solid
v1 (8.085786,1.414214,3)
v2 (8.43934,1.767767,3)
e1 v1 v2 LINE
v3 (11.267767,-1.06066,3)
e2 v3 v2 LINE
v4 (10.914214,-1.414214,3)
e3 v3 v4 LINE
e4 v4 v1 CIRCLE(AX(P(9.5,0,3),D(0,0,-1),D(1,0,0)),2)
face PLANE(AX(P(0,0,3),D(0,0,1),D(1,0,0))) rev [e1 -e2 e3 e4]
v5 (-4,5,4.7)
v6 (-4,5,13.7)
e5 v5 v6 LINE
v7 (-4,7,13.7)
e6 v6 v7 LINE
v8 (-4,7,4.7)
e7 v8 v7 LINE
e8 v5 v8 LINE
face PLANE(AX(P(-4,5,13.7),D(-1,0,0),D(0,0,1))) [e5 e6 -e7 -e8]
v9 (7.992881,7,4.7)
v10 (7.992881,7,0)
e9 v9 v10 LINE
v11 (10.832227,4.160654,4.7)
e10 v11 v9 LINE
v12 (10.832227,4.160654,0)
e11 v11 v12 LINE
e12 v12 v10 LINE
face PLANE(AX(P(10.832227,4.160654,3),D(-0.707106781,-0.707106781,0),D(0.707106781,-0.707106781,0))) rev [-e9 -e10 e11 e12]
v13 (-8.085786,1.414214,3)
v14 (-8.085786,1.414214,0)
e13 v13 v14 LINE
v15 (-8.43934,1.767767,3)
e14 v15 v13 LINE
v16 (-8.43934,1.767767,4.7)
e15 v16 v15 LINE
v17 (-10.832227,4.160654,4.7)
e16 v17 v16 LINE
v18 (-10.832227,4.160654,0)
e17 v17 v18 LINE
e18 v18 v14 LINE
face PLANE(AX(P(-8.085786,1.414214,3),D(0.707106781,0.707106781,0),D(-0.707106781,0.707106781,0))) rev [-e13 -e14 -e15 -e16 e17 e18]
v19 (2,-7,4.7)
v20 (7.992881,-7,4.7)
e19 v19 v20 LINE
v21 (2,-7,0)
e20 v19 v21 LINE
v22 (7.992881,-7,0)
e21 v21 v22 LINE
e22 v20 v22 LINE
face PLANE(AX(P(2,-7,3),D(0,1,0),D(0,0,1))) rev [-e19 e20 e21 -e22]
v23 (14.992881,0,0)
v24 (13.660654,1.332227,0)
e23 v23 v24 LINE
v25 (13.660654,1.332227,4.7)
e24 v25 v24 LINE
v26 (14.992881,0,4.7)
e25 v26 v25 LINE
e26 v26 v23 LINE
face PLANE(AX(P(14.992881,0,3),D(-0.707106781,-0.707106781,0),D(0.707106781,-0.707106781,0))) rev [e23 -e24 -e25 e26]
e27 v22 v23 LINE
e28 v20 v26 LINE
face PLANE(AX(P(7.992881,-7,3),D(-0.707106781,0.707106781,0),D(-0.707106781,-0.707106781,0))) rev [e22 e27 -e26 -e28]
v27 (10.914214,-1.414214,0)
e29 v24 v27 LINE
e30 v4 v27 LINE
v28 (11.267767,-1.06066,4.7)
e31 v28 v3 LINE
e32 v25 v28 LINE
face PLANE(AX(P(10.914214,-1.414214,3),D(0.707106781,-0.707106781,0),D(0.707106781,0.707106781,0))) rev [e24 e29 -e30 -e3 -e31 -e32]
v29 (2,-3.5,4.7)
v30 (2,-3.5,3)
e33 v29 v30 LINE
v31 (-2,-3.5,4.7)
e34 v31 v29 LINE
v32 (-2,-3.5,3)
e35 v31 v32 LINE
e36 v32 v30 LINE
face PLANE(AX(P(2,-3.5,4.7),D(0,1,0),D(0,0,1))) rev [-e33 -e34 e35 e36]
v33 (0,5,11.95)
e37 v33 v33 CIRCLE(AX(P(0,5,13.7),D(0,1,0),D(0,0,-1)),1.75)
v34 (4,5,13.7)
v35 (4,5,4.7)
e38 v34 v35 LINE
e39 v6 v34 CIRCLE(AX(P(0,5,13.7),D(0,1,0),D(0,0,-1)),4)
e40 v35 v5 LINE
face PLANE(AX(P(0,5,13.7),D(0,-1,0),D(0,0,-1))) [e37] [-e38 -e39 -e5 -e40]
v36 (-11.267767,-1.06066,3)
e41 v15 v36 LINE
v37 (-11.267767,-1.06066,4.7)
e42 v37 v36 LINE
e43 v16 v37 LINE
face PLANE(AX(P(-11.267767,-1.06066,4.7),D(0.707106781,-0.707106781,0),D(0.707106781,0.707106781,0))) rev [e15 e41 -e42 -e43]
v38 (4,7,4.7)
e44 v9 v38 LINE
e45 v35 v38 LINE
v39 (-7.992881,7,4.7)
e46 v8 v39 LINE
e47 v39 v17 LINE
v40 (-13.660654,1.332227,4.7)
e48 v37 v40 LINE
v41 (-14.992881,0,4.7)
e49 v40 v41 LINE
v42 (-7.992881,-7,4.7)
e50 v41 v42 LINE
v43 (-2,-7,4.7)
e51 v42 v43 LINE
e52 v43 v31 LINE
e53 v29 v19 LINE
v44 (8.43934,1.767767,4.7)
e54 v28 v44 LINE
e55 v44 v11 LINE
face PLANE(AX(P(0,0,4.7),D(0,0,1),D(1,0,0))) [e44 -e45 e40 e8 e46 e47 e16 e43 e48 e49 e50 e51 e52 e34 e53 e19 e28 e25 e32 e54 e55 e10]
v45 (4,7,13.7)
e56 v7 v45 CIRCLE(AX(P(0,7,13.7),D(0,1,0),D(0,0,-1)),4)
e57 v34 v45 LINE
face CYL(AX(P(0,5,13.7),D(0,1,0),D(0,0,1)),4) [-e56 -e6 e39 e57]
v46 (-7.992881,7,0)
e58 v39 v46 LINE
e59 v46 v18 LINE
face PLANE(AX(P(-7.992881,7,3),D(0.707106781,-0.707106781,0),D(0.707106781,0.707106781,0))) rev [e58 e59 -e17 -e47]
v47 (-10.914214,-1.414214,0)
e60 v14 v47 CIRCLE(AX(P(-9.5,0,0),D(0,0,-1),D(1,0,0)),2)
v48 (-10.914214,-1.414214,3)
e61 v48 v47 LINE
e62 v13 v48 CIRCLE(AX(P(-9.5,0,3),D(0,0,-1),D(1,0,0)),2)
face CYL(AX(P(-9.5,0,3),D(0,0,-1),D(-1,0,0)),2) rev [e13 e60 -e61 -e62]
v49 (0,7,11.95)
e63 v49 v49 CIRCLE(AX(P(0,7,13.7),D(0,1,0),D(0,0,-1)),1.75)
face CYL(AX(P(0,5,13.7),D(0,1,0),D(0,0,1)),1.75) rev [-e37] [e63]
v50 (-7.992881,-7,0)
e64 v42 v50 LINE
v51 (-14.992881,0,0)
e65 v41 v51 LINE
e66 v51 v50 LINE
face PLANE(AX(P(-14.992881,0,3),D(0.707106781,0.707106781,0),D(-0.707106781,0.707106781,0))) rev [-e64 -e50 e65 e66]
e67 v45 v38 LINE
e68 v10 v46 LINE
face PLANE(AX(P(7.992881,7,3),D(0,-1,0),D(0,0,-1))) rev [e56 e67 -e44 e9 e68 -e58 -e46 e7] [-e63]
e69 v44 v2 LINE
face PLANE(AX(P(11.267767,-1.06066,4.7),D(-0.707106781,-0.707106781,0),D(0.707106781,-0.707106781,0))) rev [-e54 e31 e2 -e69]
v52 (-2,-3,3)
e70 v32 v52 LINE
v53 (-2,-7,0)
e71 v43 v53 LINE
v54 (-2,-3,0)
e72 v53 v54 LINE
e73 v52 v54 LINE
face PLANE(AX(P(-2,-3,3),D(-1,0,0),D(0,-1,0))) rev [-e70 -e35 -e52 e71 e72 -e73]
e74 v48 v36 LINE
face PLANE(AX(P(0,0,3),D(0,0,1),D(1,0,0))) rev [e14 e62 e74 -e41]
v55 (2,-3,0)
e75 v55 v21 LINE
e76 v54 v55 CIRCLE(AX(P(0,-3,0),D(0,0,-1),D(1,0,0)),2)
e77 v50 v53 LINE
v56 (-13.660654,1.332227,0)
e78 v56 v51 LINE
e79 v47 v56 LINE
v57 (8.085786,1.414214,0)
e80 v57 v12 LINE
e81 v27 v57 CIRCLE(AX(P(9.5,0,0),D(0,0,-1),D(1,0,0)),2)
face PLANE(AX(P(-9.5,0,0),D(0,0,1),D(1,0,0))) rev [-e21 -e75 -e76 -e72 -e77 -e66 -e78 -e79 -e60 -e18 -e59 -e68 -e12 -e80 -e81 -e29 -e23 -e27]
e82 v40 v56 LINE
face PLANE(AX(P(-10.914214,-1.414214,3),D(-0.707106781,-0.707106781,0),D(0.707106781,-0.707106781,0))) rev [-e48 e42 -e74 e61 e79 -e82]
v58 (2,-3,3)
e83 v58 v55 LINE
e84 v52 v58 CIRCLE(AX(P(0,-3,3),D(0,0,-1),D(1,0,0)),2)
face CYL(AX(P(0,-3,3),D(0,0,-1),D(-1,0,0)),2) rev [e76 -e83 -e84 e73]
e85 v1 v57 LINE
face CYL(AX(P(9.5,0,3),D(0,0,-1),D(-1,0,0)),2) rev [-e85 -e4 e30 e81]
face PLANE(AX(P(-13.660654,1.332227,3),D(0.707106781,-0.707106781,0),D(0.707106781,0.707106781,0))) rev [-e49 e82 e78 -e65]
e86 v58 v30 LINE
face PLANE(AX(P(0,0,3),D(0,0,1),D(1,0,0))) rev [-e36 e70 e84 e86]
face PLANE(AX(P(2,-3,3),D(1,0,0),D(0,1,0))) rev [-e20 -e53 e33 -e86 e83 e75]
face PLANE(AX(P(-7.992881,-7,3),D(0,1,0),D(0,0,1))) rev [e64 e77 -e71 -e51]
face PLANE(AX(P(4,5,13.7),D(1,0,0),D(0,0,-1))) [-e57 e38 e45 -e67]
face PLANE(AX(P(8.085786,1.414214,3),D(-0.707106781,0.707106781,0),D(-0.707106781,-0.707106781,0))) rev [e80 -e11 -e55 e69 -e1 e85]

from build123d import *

# Parameters (mm, degrees)
RESSALTO_EXTRUS_O1_DEPTH = 3
RESSALTO_EXTRUS_O2_DEPTH = 1.7
ESBO_O3_R                = 1.75
RESSALTO_EXTRUS_O3_DEPTH = 2


with BuildPart() as part:
    # Esboço1 → Ressalto-extrusão1 (new body)
    with BuildSketch(Plane.XY):
        with BuildLine():
            Line((-7.992880918, 7), (-10.832226897, 4.160654021))
            Line((-10.832226897, 4.160654021), (-8.085786438, 1.414213562))
            ThreePointArc((-8.085786438, 1.414213562), (-8.085786438, -1.414213562), (-10.914213562, -1.414213562))
            Line((-10.914213562, -1.414213562), (-13.660654021, 1.332226897))
            Line((-13.660654021, 1.332226897), (-14.992880918, 0))
            Line((-14.992880918, 0), (-7.992880918, -7))
            Line((-7.992880918, -7), (-2, -7))
            Line((-2, -7), (-2, -3))
            ThreePointArc((-2, -3), (0, -1), (2, -3))
            Line((2, -3), (2, -7))
            Line((2, -7), (7.992880918, -7))
            Line((7.992880918, -7), (14.992880918, 0))
            Line((14.992880918, 0), (13.660654021, 1.332226897))
            Line((13.660654021, 1.332226897), (10.914213562, -1.414213562))
            ThreePointArc((10.914213562, -1.414213562), (8.085786438, -1.414213562), (8.085786438, 1.414213562))
            Line((8.085786438, 1.414213562), (10.832226897, 4.160654021))
            Line((10.832226897, 4.160654021), (7.992880918, 7))
            Line((7.992880918, 7), (-7.992880918, 7))
        make_face()
    extrude(amount=RESSALTO_EXTRUS_O1_DEPTH)

    # Esboço2 → Ressalto-extrusão2 (add)
    with BuildSketch(Plane.XY.offset(3)):
        Polygon((-11.267766953, -1.060660172), (-8.439339828, 1.767766953), (-10.832226897, 4.160654021), (-7.992880918, 7), (7.992880918, 7), (10.832226897, 4.160654021), (8.439339828, 1.767766953), (11.267766953, -1.060660172), (13.660654021, 1.332226897), (14.992880918, 0), (7.992880918, -7), (2, -7), (2, -3.5), (-2, -3.5), (-2, -7), (-7.992880918, -7), (-14.992880918, 0), (-13.660654021, 1.332226897), align=None)
    extrude(amount=RESSALTO_EXTRUS_O2_DEPTH)

    # Esboço3 → Ressalto-extrusão3 (add)
    with BuildSketch(Plane(origin=(0, 7, 0), x_dir=(1, 0, 0), z_dir=(0, 1, 0))):
        with BuildLine():
            Line((4, -13.7), (4, -4.7))
            Line((4, -4.7), (-4, -4.7))
            Line((-4, -4.7), (-4, -13.7))
            ThreePointArc((-4, -13.7), (0, -17.7), (4, -13.7))
        make_face()
        with Locations(Location((0, -13.7, 0), (0, 0, 90))):
            Circle(ESBO_O3_R, mode=Mode.SUBTRACT)
    extrude(amount=-RESSALTO_EXTRUS_O3_DEPTH)


solid = part.part
